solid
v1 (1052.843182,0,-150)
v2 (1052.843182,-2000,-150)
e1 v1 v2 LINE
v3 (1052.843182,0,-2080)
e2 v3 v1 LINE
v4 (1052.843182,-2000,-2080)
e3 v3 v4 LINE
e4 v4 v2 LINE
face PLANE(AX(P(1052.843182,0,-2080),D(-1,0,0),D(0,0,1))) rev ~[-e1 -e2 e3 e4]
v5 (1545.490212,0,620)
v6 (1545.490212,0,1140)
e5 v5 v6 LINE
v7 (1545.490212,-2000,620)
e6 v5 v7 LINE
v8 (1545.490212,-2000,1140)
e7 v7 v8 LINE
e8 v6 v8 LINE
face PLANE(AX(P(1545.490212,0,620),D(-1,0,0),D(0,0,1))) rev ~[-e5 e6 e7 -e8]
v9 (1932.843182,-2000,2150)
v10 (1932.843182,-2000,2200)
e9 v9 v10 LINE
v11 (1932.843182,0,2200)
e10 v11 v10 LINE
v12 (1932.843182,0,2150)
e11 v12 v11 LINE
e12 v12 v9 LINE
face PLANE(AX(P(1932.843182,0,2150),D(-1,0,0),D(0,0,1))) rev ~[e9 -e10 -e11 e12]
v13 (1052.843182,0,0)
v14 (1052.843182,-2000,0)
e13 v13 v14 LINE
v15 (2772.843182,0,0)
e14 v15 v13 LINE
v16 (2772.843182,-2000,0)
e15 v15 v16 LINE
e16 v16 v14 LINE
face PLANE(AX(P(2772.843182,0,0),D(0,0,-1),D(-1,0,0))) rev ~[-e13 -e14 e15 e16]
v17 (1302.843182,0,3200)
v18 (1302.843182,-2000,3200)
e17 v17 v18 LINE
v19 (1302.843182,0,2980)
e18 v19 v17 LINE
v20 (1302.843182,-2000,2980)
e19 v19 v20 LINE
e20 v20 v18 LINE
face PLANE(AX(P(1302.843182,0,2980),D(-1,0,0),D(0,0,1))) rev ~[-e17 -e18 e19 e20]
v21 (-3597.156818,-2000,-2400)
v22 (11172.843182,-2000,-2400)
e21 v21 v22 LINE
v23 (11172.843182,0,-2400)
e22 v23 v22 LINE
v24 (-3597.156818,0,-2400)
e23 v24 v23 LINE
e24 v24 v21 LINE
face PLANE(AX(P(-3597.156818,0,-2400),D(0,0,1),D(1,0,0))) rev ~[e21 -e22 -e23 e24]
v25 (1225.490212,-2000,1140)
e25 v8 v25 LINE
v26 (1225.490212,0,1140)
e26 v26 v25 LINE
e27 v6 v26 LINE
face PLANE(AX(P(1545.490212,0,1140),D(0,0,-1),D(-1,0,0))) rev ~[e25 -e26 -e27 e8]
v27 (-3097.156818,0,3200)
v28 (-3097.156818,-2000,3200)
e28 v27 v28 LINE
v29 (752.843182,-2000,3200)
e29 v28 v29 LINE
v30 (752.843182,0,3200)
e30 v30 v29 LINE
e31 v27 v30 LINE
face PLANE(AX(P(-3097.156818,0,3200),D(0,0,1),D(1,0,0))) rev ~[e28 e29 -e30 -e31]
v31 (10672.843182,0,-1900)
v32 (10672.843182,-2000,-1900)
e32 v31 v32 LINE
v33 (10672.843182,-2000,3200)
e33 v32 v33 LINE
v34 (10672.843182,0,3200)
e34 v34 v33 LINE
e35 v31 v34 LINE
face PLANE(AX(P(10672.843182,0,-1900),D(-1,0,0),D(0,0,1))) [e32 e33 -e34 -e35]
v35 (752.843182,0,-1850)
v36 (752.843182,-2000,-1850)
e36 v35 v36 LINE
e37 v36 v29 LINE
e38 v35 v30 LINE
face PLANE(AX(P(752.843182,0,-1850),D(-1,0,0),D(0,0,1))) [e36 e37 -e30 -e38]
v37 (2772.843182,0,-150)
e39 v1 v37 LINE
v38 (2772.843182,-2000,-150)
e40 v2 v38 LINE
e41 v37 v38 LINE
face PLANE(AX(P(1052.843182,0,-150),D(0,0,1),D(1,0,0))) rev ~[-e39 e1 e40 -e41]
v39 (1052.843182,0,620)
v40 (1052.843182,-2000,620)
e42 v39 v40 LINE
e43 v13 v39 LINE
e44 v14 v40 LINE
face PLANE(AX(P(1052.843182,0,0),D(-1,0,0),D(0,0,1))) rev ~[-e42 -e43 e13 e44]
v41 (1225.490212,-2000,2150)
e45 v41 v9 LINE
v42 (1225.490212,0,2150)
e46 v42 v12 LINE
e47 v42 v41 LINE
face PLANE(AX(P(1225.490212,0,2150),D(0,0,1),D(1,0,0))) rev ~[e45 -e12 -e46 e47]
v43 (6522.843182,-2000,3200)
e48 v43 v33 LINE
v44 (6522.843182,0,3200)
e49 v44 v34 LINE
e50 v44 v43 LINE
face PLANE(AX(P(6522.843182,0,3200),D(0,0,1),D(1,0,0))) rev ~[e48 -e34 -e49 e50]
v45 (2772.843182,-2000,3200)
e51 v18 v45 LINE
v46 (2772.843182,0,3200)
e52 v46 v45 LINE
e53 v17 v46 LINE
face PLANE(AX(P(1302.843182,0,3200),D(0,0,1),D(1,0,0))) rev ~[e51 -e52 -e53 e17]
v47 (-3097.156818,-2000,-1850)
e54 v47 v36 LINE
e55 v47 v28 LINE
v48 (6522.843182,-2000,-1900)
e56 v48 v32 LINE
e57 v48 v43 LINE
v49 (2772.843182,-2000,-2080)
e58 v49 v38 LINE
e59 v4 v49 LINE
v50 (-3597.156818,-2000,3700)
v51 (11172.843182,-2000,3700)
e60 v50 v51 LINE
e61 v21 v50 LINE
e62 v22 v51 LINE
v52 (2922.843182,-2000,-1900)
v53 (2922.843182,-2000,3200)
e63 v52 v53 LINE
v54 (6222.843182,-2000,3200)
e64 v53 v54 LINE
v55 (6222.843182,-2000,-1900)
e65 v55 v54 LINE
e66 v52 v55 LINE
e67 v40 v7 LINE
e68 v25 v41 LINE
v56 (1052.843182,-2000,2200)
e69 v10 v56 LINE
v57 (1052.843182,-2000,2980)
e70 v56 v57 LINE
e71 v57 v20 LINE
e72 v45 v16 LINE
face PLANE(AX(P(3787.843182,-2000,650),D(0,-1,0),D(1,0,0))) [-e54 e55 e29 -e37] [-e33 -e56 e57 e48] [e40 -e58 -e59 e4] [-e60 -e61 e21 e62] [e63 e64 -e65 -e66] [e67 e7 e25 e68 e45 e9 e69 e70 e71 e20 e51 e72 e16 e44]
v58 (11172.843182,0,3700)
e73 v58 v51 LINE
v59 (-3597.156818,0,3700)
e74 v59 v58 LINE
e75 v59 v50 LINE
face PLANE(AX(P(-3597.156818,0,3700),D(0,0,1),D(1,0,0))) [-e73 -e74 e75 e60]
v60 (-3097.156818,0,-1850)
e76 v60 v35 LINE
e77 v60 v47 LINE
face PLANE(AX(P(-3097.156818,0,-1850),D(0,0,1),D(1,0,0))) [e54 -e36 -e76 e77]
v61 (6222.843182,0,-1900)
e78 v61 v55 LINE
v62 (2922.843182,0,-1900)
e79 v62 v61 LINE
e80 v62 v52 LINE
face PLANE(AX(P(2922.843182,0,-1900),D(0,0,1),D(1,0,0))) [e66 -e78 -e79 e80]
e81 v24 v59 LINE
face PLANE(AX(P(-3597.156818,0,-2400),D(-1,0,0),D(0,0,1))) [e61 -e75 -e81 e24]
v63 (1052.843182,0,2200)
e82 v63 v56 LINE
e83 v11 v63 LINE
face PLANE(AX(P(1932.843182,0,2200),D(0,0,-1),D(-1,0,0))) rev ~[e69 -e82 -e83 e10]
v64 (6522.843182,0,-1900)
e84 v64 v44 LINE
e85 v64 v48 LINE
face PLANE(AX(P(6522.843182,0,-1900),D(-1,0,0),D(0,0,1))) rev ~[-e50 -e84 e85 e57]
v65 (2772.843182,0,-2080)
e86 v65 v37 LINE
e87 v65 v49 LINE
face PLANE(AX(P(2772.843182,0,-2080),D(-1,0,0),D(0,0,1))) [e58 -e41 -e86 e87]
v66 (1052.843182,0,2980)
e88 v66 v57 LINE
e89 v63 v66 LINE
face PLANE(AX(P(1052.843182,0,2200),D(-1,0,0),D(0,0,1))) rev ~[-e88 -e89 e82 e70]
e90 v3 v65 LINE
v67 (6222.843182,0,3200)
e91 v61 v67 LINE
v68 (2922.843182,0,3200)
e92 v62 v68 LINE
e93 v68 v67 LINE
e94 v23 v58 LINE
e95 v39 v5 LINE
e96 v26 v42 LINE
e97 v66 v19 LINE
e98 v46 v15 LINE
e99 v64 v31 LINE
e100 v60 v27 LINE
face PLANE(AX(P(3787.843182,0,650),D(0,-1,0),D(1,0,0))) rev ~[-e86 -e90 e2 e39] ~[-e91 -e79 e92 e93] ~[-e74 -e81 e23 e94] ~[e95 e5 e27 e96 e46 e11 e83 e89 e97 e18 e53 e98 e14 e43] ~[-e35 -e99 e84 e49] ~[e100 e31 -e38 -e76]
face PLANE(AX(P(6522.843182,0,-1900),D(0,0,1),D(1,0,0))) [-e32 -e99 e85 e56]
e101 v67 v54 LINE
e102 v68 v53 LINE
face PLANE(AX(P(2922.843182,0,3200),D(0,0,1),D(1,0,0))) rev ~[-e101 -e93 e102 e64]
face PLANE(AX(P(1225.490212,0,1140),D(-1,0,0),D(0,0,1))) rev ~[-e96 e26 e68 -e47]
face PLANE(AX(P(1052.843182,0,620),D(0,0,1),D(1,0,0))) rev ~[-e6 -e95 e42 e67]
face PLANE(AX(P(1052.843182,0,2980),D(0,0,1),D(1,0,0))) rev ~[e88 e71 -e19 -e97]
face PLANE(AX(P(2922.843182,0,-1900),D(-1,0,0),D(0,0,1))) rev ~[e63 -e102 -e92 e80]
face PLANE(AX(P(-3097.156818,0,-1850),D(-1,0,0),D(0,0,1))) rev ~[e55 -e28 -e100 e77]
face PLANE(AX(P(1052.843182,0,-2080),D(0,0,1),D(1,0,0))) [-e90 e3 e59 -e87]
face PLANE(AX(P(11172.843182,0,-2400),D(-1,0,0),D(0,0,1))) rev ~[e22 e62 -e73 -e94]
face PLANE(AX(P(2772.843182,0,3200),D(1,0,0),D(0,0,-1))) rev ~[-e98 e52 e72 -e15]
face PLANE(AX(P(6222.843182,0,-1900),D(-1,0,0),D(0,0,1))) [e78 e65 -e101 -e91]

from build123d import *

# Parameters (mm, degrees)
F0_W     = 14770
F0_H     = 6100
F0_W_2   = 1720
F0_H_2   = 1930
F0_W_3   = 3850
F0_H_3   = 5050
F0_W_4   = 3300
F0_H_4   = 5100
F0_W_5   = 4150
F1_DEPTH = 2000


with BuildPart() as f1:
    # F0 (on Front) → F1 (new body)
    with BuildSketch(Plane.XZ):
        with Locations((3787.843182, 650)):
            Rectangle(F0_W, F0_H)
        with Locations((1912.843182, -1115)):
            Rectangle(F0_W_2, F0_H_2, mode=Mode.SUBTRACT)
        with Locations((-1172.156818, 675)):
            Rectangle(F0_W_3, F0_H_3, mode=Mode.SUBTRACT)
        Polygon((2772.843182, 0), (1052.843182, 0), (1052.843182, 620), (1545.490212, 620), (1545.490212, 1140), (1225.490212, 1140), (1225.490212, 2150), (1932.843182, 2150), (1932.843182, 2200), (1052.843182, 2200), (1052.843182, 2980), (1302.843182, 2980), (1302.843182, 3200), (2772.843182, 3200), align=None, mode=Mode.SUBTRACT)
        with Locations((4572.843182, 650)):
            Rectangle(F0_W_4, F0_H_4, mode=Mode.SUBTRACT)
        with Locations((8597.843182, 650)):
            Rectangle(F0_W_5, F0_H_4, mode=Mode.SUBTRACT)
    extrude(amount=F1_DEPTH)


solid = f1.part
